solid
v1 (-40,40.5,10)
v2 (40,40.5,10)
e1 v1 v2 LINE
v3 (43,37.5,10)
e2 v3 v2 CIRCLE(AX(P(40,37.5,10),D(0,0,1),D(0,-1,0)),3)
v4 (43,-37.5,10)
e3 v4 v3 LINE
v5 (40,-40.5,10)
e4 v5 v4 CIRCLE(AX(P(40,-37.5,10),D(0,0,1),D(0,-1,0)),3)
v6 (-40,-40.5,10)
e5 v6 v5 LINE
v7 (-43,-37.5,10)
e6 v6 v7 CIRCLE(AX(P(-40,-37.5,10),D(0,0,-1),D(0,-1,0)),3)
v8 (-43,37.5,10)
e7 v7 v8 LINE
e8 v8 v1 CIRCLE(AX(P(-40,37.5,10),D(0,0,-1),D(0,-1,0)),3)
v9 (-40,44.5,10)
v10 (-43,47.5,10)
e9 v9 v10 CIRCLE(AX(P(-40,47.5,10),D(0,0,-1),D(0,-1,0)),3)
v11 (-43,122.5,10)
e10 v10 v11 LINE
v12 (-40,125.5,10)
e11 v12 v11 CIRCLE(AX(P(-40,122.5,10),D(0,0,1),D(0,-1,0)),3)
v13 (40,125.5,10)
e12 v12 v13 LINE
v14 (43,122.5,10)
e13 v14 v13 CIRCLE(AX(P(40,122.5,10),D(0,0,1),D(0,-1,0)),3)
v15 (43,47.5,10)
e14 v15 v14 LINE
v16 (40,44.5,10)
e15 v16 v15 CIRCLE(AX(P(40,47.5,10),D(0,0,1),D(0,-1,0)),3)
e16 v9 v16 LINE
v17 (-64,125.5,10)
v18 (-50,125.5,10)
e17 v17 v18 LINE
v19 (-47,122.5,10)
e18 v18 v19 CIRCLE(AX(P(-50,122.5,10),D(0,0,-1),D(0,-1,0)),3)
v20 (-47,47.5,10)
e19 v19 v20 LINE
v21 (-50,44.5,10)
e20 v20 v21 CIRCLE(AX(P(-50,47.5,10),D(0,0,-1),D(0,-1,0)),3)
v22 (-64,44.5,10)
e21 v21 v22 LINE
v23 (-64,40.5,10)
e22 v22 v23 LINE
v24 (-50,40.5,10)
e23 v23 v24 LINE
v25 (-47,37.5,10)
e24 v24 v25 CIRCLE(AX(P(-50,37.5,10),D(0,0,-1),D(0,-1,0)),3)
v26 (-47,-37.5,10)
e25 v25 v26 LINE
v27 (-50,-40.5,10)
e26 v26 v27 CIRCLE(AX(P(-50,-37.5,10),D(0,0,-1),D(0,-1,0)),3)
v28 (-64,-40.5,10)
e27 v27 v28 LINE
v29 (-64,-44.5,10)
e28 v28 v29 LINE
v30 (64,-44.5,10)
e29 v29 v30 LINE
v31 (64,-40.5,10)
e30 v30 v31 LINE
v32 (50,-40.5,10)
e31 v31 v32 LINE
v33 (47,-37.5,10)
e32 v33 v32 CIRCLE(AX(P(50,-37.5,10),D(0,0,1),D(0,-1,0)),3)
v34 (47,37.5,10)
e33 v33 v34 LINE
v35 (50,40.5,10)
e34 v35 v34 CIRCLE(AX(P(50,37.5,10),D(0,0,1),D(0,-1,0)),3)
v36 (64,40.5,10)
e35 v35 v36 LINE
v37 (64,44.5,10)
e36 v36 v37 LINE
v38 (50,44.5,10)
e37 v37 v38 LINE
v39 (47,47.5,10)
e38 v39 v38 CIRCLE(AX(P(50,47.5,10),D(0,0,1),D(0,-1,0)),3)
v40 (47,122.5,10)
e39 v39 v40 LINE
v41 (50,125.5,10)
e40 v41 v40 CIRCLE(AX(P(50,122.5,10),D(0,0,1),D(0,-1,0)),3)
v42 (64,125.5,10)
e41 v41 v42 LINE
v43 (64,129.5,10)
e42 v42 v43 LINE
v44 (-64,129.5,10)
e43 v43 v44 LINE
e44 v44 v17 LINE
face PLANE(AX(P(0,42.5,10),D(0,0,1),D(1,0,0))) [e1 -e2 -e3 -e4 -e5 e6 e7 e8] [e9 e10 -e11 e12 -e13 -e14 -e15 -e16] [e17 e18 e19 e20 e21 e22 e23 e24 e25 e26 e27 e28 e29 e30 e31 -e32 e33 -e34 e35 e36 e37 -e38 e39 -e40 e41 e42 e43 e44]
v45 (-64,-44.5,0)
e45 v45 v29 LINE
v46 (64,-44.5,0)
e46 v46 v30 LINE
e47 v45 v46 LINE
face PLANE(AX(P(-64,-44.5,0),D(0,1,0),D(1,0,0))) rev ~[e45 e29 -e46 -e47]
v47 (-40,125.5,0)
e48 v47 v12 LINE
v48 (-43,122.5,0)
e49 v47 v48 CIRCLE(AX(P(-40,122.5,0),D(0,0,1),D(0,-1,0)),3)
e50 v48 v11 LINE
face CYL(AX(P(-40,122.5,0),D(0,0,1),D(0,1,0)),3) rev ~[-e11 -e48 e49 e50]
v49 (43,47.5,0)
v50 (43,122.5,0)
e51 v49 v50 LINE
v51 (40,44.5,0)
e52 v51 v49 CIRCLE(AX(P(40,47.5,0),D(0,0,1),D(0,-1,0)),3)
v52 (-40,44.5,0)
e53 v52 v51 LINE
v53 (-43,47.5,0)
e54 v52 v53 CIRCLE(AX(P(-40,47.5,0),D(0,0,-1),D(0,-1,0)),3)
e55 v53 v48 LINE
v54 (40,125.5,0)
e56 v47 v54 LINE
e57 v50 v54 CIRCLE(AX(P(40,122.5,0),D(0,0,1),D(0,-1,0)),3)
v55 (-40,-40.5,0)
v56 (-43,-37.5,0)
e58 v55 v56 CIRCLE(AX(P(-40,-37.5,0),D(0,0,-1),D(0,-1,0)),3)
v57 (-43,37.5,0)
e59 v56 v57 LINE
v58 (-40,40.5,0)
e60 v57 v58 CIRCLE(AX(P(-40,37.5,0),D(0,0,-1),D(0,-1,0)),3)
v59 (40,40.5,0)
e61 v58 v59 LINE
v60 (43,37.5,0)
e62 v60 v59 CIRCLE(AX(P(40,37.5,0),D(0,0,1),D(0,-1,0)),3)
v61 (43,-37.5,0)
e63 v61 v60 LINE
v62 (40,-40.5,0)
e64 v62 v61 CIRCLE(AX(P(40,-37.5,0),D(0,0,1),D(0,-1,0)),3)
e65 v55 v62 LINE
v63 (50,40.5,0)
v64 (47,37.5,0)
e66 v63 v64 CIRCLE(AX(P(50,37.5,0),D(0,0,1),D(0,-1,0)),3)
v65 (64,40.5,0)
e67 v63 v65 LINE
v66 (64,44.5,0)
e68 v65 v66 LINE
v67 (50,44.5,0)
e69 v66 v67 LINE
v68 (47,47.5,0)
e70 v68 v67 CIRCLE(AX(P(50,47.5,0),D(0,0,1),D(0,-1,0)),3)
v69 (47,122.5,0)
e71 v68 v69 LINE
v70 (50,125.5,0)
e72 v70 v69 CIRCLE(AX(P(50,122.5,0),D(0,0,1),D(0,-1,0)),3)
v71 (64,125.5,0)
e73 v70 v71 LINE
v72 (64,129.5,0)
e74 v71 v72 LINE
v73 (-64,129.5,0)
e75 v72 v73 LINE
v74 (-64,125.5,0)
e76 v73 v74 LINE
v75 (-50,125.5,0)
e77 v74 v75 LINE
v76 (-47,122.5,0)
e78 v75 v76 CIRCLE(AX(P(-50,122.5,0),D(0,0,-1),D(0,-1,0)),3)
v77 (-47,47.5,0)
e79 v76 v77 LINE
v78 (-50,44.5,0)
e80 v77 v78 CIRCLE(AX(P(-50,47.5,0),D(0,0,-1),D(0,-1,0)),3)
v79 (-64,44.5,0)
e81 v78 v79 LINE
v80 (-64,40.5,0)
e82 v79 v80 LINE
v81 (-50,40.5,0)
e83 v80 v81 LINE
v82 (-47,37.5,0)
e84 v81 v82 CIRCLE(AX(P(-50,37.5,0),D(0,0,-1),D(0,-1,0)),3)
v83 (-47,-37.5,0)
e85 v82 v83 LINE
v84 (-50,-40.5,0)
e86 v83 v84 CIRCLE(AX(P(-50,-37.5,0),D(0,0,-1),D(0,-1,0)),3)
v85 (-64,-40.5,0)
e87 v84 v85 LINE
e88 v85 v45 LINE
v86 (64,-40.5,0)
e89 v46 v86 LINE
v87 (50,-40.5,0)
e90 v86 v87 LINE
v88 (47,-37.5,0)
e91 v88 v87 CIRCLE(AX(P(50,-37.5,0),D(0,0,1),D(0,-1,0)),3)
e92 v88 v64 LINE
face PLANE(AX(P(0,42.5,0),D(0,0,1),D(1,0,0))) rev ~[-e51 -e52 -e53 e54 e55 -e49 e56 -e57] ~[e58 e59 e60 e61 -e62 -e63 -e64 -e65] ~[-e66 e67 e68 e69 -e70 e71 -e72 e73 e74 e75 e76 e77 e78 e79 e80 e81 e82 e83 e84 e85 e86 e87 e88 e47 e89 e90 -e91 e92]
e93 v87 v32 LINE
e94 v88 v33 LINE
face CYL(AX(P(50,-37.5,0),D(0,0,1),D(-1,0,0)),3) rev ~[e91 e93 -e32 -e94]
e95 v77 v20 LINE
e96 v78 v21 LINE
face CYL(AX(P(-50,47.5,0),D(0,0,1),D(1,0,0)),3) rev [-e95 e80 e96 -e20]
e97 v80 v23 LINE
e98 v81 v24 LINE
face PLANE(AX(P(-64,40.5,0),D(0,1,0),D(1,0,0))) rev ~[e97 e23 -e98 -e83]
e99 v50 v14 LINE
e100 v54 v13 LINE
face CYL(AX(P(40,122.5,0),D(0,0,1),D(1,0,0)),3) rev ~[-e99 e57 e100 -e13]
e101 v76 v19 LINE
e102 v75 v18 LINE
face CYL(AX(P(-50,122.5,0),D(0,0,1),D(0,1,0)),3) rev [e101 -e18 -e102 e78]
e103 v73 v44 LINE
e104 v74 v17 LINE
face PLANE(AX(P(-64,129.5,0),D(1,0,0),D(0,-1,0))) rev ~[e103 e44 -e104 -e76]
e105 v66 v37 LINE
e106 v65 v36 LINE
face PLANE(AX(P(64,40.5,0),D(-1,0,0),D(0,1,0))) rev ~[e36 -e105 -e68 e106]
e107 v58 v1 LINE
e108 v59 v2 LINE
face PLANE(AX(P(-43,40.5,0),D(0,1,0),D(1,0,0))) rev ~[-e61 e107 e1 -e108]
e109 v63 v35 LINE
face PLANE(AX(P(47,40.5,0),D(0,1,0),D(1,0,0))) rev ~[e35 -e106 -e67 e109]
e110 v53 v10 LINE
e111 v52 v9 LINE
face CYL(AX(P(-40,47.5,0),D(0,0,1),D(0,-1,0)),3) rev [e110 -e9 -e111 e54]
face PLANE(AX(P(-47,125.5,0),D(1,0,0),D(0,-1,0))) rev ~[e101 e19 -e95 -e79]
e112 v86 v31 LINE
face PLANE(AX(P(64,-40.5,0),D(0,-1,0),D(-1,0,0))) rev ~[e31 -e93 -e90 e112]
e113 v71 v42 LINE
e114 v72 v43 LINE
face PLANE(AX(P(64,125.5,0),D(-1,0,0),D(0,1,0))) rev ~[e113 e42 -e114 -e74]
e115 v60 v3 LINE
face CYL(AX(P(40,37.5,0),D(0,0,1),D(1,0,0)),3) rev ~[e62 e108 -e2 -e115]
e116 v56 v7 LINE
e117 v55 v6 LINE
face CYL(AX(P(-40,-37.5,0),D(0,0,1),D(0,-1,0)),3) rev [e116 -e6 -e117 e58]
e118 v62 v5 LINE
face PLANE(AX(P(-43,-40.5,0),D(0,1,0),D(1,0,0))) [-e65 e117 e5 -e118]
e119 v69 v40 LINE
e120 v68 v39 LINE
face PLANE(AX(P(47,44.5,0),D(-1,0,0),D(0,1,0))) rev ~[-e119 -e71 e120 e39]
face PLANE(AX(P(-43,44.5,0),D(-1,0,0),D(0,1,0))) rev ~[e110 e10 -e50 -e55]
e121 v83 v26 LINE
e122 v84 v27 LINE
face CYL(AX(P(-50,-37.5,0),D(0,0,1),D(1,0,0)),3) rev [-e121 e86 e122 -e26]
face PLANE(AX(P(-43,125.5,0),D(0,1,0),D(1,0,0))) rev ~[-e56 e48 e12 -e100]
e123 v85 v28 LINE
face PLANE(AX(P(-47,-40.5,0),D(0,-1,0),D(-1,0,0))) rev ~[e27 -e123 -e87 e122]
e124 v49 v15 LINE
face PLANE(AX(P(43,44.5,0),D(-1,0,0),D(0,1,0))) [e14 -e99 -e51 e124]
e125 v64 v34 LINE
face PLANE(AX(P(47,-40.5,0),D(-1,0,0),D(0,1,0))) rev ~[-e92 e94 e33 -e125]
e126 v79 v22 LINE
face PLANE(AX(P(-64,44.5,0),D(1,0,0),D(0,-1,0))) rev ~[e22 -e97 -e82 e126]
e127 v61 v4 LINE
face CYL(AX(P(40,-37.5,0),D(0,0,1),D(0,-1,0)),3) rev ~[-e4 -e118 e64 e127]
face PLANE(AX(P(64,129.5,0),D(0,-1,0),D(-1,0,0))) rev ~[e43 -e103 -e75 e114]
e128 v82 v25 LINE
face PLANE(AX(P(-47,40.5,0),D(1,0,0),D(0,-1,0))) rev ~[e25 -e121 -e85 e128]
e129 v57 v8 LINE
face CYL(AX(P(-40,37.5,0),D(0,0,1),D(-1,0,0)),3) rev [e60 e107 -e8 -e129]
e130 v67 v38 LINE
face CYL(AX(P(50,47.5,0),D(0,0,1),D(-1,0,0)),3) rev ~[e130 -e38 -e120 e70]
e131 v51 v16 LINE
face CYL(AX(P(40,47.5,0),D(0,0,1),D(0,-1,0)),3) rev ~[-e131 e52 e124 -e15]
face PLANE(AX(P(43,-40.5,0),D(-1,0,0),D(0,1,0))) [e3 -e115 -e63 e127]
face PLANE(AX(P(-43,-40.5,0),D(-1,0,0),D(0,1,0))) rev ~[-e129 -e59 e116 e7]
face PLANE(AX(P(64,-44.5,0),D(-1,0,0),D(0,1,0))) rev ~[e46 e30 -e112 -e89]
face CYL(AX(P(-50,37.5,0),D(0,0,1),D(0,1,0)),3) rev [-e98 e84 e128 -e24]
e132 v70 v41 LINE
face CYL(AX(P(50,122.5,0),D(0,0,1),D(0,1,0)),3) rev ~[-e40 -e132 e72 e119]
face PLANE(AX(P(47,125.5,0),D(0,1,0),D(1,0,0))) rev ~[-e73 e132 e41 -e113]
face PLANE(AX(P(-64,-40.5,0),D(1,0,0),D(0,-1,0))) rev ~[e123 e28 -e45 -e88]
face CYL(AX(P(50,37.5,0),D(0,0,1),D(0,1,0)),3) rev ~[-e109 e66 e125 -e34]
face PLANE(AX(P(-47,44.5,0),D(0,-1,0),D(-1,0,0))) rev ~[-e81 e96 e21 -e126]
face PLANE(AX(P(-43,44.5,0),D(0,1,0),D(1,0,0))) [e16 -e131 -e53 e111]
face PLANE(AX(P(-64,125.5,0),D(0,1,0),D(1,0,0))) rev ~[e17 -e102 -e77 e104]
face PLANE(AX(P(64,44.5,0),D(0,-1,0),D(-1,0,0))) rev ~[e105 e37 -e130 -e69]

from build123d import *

# Parameters (mm, degrees)
SKETCH1_W           = 86
SKETCH1_H           = 81
BOSS_EXTRUDE1_DEPTH = 10
FILLET1_R           = 3


with BuildPart() as part:
    # Sketch1 → Boss-Extrude1 (new body)
    with BuildSketch(Plane.XY):
        Polygon((-64, 129.5), (-64, 125.5), (-47, 125.5), (-47, 44.5), (-64, 44.5), (-64, 40.5), (-47, 40.5), (-47, -40.5), (-64, -40.5), (-64, -44.5), (0, -44.5), (64, -44.5), (64, -40.5), (47, -40.5), (47, 40.5), (64, 40.5), (64, 44.5), (47, 44.5), (47, 125.5), (64, 125.5), (64, 129.5), (0, 129.5), align=None)
        Rectangle(SKETCH1_W, SKETCH1_H, mode=Mode.SUBTRACT)
        with Locations((0, 85)):
            Rectangle(SKETCH1_W, SKETCH1_H, mode=Mode.SUBTRACT)
    extrude(amount=BOSS_EXTRUDE1_DEPTH)

    # Fillet1
    fillet1_edges = [part.edges().sort_by_distance(p)[0] for p in [
        (-43, -40.5, 5),
        (43, -40.5, 5),
        (43, 40.5, 5),
        (-43, 40.5, 5),
        (-47, 44.5, 5),
        (-47, 125.5, 5),
        (47, 125.5, 5),
        (47, 44.5, 5),
        (47, 40.5, 5),
        (47, -40.5, 5),
        (-47, -40.5, 5),
        (-47, 40.5, 5),
        (43, 44.5, 5),
        (43, 125.5, 5),
        (-43, 125.5, 5),
        (-43, 44.5, 5),
    ]]
    fillet(fillet1_edges, radius=FILLET1_R)


solid = part.part
